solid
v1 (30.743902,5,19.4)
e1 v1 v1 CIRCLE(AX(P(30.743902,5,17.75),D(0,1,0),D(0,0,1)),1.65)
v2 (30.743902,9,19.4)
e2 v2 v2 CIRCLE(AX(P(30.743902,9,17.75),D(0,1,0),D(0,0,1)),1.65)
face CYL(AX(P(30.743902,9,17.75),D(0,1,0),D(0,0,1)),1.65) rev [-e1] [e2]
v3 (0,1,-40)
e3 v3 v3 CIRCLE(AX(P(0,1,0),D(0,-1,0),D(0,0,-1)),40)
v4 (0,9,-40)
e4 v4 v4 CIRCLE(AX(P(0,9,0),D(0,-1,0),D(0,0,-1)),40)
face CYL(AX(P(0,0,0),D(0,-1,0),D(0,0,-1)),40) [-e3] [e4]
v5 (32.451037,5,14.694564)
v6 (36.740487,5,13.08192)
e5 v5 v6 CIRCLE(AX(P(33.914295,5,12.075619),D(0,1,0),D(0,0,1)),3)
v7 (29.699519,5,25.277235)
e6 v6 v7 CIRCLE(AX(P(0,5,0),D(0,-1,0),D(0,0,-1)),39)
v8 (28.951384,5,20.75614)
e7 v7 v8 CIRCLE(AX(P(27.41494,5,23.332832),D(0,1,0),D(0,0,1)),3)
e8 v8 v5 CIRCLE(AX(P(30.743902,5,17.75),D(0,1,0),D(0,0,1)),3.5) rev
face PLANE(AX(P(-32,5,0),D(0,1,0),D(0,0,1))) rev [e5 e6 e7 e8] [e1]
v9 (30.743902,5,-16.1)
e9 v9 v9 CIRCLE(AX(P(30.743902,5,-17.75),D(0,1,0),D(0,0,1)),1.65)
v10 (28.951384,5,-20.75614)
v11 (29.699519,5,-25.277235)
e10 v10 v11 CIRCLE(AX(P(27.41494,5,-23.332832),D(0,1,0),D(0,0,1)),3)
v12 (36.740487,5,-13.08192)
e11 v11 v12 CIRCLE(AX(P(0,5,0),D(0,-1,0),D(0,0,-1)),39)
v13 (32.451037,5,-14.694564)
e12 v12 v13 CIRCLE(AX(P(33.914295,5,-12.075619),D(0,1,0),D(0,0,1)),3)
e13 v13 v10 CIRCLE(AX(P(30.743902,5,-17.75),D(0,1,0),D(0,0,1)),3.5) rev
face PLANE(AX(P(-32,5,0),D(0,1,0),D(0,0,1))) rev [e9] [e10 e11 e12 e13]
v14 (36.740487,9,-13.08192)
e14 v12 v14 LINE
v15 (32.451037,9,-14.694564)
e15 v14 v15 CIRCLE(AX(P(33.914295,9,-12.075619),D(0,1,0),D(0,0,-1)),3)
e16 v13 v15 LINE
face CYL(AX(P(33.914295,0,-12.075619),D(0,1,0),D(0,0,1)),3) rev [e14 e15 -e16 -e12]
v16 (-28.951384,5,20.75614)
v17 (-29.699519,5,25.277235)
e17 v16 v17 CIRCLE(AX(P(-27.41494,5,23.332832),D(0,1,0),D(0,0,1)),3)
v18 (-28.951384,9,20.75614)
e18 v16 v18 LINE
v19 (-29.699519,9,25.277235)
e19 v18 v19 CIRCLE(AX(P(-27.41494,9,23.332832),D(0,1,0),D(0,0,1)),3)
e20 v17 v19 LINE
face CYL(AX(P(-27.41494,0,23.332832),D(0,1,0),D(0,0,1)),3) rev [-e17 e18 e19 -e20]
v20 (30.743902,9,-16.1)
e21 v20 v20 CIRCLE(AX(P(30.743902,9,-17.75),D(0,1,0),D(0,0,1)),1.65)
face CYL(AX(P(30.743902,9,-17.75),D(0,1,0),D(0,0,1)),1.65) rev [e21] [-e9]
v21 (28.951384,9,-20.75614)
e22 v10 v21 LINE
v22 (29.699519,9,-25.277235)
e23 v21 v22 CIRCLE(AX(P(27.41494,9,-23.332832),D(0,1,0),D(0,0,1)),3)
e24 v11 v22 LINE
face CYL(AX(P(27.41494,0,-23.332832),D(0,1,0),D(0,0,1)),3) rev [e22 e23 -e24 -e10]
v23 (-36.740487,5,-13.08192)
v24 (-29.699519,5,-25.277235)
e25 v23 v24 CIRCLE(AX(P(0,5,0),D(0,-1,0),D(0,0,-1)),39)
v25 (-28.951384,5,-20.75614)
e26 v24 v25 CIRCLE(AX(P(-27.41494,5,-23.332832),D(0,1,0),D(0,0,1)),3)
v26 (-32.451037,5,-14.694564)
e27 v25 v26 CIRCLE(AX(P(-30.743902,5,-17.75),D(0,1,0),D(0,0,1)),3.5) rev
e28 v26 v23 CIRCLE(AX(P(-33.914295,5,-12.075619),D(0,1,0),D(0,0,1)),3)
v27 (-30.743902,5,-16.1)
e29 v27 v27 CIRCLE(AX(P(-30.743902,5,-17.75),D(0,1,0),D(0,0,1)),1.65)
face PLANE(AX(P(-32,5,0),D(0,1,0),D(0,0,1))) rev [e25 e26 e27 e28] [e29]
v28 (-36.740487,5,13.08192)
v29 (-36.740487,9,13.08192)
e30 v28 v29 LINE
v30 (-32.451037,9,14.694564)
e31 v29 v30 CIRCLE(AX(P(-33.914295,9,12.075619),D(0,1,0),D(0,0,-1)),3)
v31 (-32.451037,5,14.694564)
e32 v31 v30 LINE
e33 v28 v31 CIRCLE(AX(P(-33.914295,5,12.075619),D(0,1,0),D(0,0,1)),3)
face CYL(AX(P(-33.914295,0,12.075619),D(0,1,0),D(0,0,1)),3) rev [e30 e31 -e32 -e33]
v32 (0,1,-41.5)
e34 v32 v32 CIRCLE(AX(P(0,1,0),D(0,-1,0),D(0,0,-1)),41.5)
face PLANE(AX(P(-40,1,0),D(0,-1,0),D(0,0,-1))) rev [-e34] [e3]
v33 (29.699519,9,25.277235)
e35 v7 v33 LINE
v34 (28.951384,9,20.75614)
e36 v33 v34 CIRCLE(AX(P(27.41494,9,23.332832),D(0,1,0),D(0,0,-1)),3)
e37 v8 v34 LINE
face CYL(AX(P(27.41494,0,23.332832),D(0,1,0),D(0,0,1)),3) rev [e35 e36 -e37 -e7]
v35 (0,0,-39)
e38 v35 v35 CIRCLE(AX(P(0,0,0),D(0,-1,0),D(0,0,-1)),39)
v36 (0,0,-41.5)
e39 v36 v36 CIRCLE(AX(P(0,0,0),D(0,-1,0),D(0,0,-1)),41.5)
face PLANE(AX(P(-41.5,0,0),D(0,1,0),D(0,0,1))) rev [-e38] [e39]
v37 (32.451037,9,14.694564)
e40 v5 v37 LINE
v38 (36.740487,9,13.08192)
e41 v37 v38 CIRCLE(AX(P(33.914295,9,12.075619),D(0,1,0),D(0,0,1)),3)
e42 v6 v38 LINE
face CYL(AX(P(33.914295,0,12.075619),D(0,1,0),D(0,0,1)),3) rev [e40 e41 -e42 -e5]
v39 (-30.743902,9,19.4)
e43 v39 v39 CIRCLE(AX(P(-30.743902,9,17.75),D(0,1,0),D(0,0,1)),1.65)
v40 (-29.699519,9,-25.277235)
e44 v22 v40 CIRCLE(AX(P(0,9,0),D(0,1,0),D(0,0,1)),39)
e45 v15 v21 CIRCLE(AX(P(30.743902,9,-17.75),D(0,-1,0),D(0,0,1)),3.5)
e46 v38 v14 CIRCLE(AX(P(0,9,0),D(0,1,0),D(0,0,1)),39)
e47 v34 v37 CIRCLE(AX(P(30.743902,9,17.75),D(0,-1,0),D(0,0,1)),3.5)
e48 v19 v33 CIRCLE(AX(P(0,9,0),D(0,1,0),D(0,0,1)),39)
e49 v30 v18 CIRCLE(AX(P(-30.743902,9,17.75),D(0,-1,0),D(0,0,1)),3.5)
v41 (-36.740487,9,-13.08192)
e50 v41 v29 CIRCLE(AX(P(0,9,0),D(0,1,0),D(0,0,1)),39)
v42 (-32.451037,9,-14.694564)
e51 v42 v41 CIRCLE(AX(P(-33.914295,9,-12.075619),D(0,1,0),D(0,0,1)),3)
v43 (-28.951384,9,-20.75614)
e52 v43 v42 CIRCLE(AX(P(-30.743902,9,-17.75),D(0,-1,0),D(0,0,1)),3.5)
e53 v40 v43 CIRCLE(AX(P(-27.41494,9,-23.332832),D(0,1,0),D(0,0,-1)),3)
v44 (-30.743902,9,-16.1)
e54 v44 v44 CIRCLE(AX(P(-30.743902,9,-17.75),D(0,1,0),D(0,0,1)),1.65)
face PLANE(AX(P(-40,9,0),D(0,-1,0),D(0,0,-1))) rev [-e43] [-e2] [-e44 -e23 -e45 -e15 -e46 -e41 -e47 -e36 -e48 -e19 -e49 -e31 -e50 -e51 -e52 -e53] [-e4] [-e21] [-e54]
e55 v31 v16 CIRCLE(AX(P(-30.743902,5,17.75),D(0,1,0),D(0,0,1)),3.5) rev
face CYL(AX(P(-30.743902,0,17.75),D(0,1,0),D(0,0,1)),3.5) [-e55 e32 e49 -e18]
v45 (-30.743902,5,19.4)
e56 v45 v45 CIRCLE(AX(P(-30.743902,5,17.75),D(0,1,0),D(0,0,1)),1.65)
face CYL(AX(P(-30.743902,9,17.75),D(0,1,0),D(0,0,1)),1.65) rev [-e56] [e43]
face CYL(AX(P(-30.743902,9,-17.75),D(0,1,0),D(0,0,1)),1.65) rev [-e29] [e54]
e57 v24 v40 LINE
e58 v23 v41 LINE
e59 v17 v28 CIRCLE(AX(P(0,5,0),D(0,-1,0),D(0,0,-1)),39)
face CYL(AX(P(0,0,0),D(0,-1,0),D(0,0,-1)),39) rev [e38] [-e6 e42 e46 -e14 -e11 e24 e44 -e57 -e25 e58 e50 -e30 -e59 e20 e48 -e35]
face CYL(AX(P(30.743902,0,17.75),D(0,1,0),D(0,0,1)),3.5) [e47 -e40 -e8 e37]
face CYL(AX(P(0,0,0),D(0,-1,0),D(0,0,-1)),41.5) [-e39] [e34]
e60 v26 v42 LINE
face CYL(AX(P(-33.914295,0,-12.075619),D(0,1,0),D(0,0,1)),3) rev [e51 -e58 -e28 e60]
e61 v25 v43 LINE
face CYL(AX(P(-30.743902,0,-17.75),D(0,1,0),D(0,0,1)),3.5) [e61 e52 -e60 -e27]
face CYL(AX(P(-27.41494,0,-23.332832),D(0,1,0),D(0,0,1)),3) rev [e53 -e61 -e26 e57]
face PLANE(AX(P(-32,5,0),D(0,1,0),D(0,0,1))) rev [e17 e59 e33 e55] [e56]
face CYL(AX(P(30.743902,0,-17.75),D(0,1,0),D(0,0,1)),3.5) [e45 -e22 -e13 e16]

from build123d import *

# Parameters (mm, degrees)
HOLE_WIZARD_M4_1_D  = 3.3
CUT_EXTRUDE_1_DEPTH = 60.375921


with BuildPart() as part:
    # 草图1 → 旋转1 (revolve)
    with BuildSketch(Plane.XY, mode=Mode.PRIVATE) as revolve_1_sk:
        Polygon((-41.5, 0), (-39, 0), (-39, 5), (-32, 5), (-32, 9), (-40, 9), (-40, 1), (-41.5, 1), align=None)
    revolve(revolve_1_sk.sketch.rotate(Axis((0, 0, 0), (0, 1, 0)), 270), axis=Axis((0, 0, 0), (0, 1, 0)))

    # M4 螺纹孔1 (through all)
    with Locations(Plane(origin=(0, 9, 0), x_dir=(-1, 0, 0), z_dir=(0, 1, 0))):
        with Locations((0, -35.5), (30.743902, -17.75), (30.743902, 17.75), (0, 35.5), (-30.743902, 17.75), (-30.743902, -17.75)):
            Hole(HOLE_WIZARD_M4_1_D / 2)

    # 草图4 → 切除-拉伸1 (cut, through all)
    with BuildSketch(Plane(origin=(0, 9, 0), x_dir=(1, 0, 0), z_dir=(0, 1, 0))):
        with BuildLine():
            ThreePointArc((-32.451037, 14.694564), (-27.712813, 16), (-28.951384, 20.75614))
            ThreePointArc((-28.951384, 20.75614), (-30.374691, 22.843063), (-29.699519, 25.277235))
            ThreePointArc((-29.699519, 25.277235), (-19.5, 33.774991), (-7.040968, 38.359155))
            ThreePointArc((-7.040968, 38.359155), (0, 39), (7.040968, 38.359155))
            ThreePointArc((7.040968, 38.359155), (19.5, 33.774991), (29.699519, 25.277235))
            ThreePointArc((29.699519, 25.277235), (30.374691, 22.843063), (28.951384, 20.75614))
            ThreePointArc((28.951384, 20.75614), (27.712813, 16), (32.451037, 14.694564))
            ThreePointArc((32.451037, 14.694564), (34.970019, 14.883723), (36.740487, 13.08192))
            ThreePointArc((36.740487, 13.08192), (39, 0), (36.740487, -13.08192))
            ThreePointArc((36.740487, -13.08192), (34.970019, -14.883723), (32.451037, -14.694564))
            ThreePointArc((32.451037, -14.694564), (27.712813, -16), (28.951384, -20.75614))
            ThreePointArc((28.951384, -20.75614), (30.374691, -22.843063), (29.699519, -25.277235))
            ThreePointArc((29.699519, -25.277235), (19.5, -33.774991), (7.040968, -38.359155))
            ThreePointArc((7.040968, -38.359155), (0, -39), (-7.040968, -38.359155))
            ThreePointArc((-7.040968, -38.359155), (-19.5, -33.774991), (-29.699519, -25.277235))
            ThreePointArc((-29.699519, -25.277235), (-30.374691, -22.843063), (-28.951384, -20.75614))
            ThreePointArc((-28.951384, -20.75614), (-27.712813, -16), (-32.451037, -14.694564))
            ThreePointArc((-32.451037, -14.694564), (-34.970019, -14.883723), (-36.740487, -13.08192))
            ThreePointArc((-36.740487, -13.08192), (-39, 0), (-36.740487, 13.08192))
            ThreePointArc((-36.740487, 13.08192), (-34.970019, 14.883723), (-32.451037, 14.694564))
        make_face()
    extrude(amount=-CUT_EXTRUDE_1_DEPTH, mode=Mode.SUBTRACT)


solid = part.part
